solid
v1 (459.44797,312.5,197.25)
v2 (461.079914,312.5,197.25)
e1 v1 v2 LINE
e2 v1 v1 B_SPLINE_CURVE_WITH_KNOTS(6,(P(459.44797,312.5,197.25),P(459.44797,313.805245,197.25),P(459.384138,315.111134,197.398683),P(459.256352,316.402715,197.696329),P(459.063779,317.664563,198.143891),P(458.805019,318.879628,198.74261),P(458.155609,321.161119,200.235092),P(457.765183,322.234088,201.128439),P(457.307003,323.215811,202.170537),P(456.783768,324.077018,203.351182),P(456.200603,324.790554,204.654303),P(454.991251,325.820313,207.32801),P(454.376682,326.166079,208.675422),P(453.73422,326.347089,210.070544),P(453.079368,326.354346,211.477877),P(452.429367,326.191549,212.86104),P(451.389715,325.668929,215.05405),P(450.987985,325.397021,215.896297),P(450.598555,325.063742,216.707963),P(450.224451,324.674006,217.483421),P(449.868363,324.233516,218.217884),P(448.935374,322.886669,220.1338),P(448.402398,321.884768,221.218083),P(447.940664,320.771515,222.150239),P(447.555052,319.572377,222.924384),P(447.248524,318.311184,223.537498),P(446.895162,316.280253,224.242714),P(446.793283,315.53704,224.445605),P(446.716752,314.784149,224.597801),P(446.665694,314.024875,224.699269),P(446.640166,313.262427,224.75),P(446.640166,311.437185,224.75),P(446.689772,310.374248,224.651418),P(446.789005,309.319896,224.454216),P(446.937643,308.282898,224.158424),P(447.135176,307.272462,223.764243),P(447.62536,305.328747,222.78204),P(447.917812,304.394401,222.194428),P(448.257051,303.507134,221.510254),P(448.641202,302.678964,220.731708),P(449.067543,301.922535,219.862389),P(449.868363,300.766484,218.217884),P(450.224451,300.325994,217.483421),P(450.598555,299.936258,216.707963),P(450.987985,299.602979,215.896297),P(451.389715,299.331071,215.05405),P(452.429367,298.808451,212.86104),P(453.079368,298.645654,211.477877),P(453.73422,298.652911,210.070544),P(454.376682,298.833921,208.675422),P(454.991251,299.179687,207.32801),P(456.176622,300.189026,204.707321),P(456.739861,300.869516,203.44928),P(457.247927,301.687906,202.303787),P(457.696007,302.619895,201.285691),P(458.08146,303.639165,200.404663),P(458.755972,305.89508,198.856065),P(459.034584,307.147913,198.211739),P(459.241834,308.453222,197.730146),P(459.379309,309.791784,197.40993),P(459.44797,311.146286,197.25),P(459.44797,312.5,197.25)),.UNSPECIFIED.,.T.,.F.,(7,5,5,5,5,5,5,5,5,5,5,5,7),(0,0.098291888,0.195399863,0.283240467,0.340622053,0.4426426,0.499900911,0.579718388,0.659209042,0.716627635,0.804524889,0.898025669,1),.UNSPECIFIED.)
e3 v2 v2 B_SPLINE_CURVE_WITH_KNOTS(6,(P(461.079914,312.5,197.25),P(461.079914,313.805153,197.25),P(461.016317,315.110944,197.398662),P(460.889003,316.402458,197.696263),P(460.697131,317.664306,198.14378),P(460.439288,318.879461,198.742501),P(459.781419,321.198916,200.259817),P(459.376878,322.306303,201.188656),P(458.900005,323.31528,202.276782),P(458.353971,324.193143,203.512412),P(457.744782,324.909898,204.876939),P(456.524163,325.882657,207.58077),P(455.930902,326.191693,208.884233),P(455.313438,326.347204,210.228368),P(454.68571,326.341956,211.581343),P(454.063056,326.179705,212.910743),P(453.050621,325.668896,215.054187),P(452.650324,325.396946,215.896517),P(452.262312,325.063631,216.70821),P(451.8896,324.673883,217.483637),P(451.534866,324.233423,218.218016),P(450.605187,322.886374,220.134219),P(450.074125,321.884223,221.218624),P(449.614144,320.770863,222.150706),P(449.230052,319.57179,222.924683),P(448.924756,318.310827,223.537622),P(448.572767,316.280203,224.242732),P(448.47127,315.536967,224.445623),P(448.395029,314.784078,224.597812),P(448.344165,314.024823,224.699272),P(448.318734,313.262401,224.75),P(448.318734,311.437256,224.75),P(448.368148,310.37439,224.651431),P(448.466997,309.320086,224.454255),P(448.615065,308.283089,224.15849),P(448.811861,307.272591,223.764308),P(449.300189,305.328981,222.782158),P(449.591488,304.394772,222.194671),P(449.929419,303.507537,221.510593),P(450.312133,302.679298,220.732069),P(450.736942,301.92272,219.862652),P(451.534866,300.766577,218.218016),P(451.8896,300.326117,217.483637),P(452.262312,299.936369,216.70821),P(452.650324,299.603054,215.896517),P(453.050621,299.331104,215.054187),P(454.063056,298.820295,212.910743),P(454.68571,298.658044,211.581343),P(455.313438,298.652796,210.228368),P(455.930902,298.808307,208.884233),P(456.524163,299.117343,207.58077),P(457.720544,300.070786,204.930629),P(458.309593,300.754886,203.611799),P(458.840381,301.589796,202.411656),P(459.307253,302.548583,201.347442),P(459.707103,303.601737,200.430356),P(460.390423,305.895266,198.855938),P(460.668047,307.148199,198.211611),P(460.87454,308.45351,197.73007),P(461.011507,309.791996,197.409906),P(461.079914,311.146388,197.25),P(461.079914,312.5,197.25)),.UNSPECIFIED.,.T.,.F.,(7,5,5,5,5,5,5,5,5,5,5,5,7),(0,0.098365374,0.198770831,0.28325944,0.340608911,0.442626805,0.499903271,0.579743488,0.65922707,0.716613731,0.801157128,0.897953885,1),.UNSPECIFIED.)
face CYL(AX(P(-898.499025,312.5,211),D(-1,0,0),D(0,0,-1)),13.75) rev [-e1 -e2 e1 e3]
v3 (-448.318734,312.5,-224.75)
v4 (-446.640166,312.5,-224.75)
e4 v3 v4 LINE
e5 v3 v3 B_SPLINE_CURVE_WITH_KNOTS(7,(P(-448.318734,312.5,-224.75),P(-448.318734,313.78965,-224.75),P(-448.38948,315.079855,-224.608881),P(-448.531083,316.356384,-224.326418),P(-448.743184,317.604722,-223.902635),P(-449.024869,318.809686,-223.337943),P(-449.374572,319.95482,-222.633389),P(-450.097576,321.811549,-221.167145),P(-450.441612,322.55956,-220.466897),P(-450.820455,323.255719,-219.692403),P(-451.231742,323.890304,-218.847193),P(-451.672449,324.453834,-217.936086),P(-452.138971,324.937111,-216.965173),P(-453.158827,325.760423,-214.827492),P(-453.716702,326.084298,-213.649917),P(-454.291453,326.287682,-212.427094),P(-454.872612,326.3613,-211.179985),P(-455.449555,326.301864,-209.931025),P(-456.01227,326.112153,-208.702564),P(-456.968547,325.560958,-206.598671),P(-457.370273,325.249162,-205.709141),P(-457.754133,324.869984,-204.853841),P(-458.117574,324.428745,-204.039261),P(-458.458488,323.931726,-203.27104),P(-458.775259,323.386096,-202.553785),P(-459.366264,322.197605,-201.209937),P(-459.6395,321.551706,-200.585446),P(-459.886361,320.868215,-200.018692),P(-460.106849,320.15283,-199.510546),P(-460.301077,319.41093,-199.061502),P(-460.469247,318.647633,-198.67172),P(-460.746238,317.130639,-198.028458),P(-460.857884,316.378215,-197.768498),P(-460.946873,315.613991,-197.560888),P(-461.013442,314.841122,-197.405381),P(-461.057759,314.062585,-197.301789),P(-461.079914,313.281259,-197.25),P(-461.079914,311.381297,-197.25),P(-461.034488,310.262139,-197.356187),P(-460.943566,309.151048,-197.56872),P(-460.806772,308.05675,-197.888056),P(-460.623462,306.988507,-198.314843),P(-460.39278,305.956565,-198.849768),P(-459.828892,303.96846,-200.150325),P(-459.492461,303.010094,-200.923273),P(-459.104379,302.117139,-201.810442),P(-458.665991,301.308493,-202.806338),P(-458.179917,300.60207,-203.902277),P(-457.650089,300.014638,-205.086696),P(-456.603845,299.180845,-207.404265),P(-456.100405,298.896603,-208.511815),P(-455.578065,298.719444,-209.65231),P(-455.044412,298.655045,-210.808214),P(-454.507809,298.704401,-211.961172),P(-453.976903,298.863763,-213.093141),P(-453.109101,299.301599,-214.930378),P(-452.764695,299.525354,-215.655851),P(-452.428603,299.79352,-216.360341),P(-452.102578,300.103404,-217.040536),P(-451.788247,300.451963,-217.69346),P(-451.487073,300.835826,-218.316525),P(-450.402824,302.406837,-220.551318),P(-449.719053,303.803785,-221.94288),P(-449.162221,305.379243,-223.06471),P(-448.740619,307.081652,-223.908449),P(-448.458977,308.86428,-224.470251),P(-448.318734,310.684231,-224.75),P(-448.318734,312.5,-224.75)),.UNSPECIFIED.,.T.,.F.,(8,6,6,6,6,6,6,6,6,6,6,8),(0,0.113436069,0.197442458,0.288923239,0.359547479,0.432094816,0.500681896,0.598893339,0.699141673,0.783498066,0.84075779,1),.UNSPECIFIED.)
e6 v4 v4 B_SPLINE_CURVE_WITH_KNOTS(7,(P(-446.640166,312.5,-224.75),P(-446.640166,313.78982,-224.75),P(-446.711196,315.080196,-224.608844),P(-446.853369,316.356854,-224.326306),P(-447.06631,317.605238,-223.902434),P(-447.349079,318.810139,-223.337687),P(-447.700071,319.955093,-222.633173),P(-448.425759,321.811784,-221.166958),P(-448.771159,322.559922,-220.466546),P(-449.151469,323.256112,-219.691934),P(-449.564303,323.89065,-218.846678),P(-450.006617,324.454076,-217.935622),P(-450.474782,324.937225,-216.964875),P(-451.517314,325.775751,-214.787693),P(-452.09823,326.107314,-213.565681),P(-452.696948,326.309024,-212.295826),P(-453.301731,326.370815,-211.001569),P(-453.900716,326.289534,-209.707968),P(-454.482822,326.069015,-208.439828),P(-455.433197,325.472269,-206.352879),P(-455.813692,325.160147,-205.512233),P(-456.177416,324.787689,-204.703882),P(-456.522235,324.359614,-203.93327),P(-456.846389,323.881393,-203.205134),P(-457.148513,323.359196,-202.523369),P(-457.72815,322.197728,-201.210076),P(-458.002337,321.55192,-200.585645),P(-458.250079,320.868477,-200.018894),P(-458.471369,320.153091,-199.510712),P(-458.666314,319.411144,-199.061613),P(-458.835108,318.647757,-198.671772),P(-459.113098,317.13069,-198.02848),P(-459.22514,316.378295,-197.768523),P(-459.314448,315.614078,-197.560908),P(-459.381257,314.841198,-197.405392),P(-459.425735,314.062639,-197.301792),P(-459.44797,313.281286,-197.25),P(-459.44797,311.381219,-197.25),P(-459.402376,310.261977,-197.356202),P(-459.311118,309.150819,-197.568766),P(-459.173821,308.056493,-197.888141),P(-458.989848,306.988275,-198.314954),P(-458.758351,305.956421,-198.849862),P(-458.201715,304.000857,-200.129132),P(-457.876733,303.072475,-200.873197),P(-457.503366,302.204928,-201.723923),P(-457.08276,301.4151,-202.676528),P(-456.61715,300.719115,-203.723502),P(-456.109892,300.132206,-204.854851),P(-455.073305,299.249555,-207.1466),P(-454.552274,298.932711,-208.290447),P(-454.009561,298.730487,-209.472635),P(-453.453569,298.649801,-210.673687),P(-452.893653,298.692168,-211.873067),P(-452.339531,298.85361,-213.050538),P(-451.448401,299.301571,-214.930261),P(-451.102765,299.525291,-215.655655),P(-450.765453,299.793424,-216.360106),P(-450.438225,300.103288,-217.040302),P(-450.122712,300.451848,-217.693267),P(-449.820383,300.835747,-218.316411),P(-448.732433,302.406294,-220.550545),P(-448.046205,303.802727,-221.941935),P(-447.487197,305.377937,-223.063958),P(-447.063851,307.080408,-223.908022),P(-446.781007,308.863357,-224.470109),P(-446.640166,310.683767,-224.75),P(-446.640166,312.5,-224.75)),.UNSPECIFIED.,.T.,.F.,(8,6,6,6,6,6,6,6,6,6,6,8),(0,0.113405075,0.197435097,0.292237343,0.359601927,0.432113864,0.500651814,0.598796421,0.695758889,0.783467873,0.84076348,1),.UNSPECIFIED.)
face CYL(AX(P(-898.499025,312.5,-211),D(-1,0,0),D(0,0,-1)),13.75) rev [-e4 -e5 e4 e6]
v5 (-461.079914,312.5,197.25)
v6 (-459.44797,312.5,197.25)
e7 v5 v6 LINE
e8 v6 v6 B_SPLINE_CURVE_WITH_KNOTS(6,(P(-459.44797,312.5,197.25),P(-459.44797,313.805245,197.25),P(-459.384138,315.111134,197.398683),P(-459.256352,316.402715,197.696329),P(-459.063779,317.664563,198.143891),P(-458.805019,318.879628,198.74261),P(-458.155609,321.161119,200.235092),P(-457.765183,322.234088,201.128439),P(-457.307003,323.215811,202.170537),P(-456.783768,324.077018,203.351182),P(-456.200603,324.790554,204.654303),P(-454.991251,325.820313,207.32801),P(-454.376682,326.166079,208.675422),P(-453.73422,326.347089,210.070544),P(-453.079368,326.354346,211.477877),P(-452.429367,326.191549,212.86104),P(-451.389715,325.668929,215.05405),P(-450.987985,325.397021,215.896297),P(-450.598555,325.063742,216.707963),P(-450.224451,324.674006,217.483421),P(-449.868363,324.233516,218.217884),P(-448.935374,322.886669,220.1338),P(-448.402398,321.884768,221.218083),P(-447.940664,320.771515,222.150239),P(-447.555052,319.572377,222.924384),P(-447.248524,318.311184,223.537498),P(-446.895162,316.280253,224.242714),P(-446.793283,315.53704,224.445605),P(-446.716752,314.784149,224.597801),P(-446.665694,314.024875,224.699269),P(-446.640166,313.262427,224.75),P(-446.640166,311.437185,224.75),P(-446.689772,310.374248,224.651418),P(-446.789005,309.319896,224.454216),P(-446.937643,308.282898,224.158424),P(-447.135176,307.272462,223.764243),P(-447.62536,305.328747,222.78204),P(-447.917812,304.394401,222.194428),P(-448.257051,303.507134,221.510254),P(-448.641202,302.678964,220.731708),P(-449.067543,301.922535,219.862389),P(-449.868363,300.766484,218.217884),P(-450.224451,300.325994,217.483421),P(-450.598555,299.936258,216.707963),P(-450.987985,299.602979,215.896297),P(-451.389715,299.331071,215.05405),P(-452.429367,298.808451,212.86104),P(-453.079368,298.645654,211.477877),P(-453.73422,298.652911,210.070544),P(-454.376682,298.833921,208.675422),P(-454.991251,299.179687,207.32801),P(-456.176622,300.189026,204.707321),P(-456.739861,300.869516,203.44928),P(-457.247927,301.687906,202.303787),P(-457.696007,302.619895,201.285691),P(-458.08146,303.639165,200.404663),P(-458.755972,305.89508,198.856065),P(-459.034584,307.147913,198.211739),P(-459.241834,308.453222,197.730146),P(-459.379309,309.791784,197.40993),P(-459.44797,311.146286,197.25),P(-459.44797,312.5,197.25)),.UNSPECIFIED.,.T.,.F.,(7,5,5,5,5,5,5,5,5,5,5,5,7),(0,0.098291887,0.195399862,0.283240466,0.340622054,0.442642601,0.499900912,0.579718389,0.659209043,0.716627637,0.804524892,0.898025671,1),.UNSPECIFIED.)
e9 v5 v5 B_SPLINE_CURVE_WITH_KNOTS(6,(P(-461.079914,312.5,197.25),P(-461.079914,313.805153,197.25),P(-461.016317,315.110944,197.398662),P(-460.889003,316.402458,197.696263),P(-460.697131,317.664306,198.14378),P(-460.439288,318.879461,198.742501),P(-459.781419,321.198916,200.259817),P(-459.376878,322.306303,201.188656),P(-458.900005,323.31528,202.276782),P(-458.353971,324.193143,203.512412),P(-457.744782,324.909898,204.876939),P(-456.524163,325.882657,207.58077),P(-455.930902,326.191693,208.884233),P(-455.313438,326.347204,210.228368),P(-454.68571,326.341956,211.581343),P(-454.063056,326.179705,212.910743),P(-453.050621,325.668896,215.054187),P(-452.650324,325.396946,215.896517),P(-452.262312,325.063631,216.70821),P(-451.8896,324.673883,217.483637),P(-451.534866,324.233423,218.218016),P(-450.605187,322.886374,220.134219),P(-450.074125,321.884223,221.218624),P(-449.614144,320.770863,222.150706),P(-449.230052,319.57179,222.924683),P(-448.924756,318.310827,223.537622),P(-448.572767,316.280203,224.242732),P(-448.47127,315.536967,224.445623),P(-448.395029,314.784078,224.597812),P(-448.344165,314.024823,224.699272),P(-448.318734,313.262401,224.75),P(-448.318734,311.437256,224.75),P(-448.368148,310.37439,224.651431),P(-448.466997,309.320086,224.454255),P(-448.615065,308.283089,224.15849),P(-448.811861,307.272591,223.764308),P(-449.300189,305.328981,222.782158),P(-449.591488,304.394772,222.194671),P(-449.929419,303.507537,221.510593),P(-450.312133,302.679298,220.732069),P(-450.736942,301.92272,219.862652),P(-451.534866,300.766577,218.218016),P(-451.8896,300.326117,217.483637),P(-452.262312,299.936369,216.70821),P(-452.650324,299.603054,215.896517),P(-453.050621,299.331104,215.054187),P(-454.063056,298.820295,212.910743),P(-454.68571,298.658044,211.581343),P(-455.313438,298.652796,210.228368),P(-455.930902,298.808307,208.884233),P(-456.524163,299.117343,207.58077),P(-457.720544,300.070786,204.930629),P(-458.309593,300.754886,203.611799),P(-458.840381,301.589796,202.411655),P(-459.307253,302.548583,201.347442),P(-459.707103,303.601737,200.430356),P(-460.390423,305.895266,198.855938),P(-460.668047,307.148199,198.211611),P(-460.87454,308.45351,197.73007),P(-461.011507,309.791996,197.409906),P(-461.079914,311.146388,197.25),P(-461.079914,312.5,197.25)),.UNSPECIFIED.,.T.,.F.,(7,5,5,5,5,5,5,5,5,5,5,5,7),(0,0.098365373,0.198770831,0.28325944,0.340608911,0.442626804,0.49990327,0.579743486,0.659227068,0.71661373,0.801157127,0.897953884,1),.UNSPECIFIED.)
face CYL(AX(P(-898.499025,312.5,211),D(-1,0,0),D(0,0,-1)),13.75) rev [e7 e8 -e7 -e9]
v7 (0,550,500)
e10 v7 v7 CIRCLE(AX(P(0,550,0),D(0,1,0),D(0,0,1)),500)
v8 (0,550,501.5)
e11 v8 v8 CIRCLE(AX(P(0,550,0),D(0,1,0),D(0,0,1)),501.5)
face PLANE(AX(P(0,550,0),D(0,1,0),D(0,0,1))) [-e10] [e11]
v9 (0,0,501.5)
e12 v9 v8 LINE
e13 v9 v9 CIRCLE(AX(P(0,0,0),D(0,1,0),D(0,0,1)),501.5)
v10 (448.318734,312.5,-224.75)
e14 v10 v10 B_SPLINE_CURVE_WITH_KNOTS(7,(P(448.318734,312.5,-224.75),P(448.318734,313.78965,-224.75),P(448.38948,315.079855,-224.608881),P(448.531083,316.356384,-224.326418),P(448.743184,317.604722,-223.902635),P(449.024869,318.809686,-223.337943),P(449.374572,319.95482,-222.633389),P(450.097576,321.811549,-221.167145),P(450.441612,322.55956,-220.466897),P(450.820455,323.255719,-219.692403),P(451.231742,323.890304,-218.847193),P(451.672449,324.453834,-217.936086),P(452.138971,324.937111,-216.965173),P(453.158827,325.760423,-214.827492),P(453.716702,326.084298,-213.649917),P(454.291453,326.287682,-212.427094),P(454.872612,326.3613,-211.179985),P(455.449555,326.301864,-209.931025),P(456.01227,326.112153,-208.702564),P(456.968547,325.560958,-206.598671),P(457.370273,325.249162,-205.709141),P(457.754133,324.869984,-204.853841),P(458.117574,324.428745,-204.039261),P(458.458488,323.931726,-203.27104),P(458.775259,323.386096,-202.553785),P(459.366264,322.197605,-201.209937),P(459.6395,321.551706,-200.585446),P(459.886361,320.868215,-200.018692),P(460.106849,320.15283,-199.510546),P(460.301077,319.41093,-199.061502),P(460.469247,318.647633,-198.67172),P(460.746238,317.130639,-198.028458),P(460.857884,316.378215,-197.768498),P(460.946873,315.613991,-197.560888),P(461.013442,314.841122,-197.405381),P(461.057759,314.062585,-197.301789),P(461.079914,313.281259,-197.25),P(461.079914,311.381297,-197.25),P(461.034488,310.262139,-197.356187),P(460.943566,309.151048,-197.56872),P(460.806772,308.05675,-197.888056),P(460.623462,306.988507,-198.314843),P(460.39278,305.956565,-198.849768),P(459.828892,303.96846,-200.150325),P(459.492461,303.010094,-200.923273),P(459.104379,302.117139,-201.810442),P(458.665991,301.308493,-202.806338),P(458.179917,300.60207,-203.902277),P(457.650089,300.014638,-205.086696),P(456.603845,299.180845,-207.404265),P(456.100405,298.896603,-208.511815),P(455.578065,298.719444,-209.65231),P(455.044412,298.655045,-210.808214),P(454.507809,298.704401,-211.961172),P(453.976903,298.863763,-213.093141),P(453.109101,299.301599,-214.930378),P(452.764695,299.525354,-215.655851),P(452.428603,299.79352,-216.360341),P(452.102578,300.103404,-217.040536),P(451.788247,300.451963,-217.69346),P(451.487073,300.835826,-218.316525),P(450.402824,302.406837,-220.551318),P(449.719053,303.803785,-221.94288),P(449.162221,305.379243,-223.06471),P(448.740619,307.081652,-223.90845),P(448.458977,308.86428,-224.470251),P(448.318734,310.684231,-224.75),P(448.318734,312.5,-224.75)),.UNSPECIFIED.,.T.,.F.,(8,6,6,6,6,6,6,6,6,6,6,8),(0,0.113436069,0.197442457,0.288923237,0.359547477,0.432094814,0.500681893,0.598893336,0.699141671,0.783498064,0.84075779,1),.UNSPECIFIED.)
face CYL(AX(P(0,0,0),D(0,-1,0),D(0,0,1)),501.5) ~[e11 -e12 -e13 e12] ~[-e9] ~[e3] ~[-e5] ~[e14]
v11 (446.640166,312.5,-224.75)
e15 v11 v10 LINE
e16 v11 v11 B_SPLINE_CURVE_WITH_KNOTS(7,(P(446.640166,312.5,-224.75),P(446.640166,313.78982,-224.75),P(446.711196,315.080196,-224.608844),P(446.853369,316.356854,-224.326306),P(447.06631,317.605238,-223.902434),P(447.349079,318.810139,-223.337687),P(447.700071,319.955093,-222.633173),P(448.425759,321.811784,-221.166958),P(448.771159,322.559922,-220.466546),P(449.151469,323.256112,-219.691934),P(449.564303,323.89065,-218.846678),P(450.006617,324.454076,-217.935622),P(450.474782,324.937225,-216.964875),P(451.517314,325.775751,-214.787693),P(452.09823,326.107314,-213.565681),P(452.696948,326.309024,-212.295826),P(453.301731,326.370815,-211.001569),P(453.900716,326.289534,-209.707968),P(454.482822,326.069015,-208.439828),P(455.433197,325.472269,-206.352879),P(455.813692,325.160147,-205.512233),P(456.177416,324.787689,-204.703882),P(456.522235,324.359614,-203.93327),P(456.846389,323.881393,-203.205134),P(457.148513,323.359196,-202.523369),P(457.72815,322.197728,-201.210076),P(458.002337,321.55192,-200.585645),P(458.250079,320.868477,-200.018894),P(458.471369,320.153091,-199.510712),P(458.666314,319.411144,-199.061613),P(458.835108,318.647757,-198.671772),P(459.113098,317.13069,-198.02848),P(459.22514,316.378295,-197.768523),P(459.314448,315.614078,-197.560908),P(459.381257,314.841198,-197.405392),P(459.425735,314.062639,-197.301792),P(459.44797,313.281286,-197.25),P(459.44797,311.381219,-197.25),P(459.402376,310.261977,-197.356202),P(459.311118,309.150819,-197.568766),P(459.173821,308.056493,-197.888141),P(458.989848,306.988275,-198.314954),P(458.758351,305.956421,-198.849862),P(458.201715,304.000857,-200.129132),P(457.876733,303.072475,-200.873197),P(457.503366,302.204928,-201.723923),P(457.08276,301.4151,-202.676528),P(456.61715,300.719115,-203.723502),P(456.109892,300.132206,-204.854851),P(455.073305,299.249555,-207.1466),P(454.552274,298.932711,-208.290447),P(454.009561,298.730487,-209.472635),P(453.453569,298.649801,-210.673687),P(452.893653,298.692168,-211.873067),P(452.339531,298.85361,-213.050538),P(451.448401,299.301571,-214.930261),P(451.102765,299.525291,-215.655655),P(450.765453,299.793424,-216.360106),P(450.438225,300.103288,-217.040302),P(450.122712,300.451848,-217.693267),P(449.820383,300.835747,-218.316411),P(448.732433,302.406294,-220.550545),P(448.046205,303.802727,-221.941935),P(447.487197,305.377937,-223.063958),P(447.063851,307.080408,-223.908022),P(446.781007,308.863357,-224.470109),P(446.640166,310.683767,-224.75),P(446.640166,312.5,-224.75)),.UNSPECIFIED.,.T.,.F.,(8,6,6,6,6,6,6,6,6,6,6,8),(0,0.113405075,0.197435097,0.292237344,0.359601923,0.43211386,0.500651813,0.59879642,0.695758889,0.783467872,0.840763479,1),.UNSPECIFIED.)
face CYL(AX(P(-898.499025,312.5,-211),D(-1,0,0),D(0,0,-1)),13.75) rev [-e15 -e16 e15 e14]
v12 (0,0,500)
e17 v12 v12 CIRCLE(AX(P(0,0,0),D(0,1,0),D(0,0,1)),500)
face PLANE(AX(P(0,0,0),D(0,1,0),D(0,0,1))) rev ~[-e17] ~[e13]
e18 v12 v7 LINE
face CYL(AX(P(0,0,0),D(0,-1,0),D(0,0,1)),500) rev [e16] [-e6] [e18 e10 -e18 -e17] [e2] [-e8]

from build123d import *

# Parameters (mm, degrees)
SKETCH1_R               = 501.5
SKETCH1_R_2             = 500
BOSS_EXTRUDE1_DEPTH     = 550
CUT_EXTRUDE2_DEPTH      = 898.499025069
CUT_EXTRUDE2_DEPTH_BACK = 898.499025069
SKETCH2_R               = 13.75


with BuildPart() as part:
    # Sketch1 → Boss-Extrude1 (new body)
    with BuildSketch(Plane(origin=(0, 0, 0), x_dir=(1, 0, 0), z_dir=(0, 1, 0))):
        with Locations(Location((0, 0, 0), (0, 0, 270))):
            Circle(SKETCH1_R)
        with Locations(Location((0, 0, 0), (0, 0, 270))):
            Circle(SKETCH1_R_2, mode=Mode.SUBTRACT)
    extrude(amount=BOSS_EXTRUDE1_DEPTH)

    # Sketch2 → Cut-Extrude2 (cut, two sides: drawn at the far end of the back side and taken through both)
    with BuildSketch(Plane(origin=(0, 0, 0), x_dir=(0, 0, -1), z_dir=(1, 0, 0)).offset(-CUT_EXTRUDE2_DEPTH_BACK)):
        with Locations((211, 312.5)):
            Circle(SKETCH2_R)
        with Locations((-211, 312.5)):
            Circle(SKETCH2_R)
    extrude(amount=CUT_EXTRUDE2_DEPTH + CUT_EXTRUDE2_DEPTH_BACK, mode=Mode.SUBTRACT)


solid = part.part
